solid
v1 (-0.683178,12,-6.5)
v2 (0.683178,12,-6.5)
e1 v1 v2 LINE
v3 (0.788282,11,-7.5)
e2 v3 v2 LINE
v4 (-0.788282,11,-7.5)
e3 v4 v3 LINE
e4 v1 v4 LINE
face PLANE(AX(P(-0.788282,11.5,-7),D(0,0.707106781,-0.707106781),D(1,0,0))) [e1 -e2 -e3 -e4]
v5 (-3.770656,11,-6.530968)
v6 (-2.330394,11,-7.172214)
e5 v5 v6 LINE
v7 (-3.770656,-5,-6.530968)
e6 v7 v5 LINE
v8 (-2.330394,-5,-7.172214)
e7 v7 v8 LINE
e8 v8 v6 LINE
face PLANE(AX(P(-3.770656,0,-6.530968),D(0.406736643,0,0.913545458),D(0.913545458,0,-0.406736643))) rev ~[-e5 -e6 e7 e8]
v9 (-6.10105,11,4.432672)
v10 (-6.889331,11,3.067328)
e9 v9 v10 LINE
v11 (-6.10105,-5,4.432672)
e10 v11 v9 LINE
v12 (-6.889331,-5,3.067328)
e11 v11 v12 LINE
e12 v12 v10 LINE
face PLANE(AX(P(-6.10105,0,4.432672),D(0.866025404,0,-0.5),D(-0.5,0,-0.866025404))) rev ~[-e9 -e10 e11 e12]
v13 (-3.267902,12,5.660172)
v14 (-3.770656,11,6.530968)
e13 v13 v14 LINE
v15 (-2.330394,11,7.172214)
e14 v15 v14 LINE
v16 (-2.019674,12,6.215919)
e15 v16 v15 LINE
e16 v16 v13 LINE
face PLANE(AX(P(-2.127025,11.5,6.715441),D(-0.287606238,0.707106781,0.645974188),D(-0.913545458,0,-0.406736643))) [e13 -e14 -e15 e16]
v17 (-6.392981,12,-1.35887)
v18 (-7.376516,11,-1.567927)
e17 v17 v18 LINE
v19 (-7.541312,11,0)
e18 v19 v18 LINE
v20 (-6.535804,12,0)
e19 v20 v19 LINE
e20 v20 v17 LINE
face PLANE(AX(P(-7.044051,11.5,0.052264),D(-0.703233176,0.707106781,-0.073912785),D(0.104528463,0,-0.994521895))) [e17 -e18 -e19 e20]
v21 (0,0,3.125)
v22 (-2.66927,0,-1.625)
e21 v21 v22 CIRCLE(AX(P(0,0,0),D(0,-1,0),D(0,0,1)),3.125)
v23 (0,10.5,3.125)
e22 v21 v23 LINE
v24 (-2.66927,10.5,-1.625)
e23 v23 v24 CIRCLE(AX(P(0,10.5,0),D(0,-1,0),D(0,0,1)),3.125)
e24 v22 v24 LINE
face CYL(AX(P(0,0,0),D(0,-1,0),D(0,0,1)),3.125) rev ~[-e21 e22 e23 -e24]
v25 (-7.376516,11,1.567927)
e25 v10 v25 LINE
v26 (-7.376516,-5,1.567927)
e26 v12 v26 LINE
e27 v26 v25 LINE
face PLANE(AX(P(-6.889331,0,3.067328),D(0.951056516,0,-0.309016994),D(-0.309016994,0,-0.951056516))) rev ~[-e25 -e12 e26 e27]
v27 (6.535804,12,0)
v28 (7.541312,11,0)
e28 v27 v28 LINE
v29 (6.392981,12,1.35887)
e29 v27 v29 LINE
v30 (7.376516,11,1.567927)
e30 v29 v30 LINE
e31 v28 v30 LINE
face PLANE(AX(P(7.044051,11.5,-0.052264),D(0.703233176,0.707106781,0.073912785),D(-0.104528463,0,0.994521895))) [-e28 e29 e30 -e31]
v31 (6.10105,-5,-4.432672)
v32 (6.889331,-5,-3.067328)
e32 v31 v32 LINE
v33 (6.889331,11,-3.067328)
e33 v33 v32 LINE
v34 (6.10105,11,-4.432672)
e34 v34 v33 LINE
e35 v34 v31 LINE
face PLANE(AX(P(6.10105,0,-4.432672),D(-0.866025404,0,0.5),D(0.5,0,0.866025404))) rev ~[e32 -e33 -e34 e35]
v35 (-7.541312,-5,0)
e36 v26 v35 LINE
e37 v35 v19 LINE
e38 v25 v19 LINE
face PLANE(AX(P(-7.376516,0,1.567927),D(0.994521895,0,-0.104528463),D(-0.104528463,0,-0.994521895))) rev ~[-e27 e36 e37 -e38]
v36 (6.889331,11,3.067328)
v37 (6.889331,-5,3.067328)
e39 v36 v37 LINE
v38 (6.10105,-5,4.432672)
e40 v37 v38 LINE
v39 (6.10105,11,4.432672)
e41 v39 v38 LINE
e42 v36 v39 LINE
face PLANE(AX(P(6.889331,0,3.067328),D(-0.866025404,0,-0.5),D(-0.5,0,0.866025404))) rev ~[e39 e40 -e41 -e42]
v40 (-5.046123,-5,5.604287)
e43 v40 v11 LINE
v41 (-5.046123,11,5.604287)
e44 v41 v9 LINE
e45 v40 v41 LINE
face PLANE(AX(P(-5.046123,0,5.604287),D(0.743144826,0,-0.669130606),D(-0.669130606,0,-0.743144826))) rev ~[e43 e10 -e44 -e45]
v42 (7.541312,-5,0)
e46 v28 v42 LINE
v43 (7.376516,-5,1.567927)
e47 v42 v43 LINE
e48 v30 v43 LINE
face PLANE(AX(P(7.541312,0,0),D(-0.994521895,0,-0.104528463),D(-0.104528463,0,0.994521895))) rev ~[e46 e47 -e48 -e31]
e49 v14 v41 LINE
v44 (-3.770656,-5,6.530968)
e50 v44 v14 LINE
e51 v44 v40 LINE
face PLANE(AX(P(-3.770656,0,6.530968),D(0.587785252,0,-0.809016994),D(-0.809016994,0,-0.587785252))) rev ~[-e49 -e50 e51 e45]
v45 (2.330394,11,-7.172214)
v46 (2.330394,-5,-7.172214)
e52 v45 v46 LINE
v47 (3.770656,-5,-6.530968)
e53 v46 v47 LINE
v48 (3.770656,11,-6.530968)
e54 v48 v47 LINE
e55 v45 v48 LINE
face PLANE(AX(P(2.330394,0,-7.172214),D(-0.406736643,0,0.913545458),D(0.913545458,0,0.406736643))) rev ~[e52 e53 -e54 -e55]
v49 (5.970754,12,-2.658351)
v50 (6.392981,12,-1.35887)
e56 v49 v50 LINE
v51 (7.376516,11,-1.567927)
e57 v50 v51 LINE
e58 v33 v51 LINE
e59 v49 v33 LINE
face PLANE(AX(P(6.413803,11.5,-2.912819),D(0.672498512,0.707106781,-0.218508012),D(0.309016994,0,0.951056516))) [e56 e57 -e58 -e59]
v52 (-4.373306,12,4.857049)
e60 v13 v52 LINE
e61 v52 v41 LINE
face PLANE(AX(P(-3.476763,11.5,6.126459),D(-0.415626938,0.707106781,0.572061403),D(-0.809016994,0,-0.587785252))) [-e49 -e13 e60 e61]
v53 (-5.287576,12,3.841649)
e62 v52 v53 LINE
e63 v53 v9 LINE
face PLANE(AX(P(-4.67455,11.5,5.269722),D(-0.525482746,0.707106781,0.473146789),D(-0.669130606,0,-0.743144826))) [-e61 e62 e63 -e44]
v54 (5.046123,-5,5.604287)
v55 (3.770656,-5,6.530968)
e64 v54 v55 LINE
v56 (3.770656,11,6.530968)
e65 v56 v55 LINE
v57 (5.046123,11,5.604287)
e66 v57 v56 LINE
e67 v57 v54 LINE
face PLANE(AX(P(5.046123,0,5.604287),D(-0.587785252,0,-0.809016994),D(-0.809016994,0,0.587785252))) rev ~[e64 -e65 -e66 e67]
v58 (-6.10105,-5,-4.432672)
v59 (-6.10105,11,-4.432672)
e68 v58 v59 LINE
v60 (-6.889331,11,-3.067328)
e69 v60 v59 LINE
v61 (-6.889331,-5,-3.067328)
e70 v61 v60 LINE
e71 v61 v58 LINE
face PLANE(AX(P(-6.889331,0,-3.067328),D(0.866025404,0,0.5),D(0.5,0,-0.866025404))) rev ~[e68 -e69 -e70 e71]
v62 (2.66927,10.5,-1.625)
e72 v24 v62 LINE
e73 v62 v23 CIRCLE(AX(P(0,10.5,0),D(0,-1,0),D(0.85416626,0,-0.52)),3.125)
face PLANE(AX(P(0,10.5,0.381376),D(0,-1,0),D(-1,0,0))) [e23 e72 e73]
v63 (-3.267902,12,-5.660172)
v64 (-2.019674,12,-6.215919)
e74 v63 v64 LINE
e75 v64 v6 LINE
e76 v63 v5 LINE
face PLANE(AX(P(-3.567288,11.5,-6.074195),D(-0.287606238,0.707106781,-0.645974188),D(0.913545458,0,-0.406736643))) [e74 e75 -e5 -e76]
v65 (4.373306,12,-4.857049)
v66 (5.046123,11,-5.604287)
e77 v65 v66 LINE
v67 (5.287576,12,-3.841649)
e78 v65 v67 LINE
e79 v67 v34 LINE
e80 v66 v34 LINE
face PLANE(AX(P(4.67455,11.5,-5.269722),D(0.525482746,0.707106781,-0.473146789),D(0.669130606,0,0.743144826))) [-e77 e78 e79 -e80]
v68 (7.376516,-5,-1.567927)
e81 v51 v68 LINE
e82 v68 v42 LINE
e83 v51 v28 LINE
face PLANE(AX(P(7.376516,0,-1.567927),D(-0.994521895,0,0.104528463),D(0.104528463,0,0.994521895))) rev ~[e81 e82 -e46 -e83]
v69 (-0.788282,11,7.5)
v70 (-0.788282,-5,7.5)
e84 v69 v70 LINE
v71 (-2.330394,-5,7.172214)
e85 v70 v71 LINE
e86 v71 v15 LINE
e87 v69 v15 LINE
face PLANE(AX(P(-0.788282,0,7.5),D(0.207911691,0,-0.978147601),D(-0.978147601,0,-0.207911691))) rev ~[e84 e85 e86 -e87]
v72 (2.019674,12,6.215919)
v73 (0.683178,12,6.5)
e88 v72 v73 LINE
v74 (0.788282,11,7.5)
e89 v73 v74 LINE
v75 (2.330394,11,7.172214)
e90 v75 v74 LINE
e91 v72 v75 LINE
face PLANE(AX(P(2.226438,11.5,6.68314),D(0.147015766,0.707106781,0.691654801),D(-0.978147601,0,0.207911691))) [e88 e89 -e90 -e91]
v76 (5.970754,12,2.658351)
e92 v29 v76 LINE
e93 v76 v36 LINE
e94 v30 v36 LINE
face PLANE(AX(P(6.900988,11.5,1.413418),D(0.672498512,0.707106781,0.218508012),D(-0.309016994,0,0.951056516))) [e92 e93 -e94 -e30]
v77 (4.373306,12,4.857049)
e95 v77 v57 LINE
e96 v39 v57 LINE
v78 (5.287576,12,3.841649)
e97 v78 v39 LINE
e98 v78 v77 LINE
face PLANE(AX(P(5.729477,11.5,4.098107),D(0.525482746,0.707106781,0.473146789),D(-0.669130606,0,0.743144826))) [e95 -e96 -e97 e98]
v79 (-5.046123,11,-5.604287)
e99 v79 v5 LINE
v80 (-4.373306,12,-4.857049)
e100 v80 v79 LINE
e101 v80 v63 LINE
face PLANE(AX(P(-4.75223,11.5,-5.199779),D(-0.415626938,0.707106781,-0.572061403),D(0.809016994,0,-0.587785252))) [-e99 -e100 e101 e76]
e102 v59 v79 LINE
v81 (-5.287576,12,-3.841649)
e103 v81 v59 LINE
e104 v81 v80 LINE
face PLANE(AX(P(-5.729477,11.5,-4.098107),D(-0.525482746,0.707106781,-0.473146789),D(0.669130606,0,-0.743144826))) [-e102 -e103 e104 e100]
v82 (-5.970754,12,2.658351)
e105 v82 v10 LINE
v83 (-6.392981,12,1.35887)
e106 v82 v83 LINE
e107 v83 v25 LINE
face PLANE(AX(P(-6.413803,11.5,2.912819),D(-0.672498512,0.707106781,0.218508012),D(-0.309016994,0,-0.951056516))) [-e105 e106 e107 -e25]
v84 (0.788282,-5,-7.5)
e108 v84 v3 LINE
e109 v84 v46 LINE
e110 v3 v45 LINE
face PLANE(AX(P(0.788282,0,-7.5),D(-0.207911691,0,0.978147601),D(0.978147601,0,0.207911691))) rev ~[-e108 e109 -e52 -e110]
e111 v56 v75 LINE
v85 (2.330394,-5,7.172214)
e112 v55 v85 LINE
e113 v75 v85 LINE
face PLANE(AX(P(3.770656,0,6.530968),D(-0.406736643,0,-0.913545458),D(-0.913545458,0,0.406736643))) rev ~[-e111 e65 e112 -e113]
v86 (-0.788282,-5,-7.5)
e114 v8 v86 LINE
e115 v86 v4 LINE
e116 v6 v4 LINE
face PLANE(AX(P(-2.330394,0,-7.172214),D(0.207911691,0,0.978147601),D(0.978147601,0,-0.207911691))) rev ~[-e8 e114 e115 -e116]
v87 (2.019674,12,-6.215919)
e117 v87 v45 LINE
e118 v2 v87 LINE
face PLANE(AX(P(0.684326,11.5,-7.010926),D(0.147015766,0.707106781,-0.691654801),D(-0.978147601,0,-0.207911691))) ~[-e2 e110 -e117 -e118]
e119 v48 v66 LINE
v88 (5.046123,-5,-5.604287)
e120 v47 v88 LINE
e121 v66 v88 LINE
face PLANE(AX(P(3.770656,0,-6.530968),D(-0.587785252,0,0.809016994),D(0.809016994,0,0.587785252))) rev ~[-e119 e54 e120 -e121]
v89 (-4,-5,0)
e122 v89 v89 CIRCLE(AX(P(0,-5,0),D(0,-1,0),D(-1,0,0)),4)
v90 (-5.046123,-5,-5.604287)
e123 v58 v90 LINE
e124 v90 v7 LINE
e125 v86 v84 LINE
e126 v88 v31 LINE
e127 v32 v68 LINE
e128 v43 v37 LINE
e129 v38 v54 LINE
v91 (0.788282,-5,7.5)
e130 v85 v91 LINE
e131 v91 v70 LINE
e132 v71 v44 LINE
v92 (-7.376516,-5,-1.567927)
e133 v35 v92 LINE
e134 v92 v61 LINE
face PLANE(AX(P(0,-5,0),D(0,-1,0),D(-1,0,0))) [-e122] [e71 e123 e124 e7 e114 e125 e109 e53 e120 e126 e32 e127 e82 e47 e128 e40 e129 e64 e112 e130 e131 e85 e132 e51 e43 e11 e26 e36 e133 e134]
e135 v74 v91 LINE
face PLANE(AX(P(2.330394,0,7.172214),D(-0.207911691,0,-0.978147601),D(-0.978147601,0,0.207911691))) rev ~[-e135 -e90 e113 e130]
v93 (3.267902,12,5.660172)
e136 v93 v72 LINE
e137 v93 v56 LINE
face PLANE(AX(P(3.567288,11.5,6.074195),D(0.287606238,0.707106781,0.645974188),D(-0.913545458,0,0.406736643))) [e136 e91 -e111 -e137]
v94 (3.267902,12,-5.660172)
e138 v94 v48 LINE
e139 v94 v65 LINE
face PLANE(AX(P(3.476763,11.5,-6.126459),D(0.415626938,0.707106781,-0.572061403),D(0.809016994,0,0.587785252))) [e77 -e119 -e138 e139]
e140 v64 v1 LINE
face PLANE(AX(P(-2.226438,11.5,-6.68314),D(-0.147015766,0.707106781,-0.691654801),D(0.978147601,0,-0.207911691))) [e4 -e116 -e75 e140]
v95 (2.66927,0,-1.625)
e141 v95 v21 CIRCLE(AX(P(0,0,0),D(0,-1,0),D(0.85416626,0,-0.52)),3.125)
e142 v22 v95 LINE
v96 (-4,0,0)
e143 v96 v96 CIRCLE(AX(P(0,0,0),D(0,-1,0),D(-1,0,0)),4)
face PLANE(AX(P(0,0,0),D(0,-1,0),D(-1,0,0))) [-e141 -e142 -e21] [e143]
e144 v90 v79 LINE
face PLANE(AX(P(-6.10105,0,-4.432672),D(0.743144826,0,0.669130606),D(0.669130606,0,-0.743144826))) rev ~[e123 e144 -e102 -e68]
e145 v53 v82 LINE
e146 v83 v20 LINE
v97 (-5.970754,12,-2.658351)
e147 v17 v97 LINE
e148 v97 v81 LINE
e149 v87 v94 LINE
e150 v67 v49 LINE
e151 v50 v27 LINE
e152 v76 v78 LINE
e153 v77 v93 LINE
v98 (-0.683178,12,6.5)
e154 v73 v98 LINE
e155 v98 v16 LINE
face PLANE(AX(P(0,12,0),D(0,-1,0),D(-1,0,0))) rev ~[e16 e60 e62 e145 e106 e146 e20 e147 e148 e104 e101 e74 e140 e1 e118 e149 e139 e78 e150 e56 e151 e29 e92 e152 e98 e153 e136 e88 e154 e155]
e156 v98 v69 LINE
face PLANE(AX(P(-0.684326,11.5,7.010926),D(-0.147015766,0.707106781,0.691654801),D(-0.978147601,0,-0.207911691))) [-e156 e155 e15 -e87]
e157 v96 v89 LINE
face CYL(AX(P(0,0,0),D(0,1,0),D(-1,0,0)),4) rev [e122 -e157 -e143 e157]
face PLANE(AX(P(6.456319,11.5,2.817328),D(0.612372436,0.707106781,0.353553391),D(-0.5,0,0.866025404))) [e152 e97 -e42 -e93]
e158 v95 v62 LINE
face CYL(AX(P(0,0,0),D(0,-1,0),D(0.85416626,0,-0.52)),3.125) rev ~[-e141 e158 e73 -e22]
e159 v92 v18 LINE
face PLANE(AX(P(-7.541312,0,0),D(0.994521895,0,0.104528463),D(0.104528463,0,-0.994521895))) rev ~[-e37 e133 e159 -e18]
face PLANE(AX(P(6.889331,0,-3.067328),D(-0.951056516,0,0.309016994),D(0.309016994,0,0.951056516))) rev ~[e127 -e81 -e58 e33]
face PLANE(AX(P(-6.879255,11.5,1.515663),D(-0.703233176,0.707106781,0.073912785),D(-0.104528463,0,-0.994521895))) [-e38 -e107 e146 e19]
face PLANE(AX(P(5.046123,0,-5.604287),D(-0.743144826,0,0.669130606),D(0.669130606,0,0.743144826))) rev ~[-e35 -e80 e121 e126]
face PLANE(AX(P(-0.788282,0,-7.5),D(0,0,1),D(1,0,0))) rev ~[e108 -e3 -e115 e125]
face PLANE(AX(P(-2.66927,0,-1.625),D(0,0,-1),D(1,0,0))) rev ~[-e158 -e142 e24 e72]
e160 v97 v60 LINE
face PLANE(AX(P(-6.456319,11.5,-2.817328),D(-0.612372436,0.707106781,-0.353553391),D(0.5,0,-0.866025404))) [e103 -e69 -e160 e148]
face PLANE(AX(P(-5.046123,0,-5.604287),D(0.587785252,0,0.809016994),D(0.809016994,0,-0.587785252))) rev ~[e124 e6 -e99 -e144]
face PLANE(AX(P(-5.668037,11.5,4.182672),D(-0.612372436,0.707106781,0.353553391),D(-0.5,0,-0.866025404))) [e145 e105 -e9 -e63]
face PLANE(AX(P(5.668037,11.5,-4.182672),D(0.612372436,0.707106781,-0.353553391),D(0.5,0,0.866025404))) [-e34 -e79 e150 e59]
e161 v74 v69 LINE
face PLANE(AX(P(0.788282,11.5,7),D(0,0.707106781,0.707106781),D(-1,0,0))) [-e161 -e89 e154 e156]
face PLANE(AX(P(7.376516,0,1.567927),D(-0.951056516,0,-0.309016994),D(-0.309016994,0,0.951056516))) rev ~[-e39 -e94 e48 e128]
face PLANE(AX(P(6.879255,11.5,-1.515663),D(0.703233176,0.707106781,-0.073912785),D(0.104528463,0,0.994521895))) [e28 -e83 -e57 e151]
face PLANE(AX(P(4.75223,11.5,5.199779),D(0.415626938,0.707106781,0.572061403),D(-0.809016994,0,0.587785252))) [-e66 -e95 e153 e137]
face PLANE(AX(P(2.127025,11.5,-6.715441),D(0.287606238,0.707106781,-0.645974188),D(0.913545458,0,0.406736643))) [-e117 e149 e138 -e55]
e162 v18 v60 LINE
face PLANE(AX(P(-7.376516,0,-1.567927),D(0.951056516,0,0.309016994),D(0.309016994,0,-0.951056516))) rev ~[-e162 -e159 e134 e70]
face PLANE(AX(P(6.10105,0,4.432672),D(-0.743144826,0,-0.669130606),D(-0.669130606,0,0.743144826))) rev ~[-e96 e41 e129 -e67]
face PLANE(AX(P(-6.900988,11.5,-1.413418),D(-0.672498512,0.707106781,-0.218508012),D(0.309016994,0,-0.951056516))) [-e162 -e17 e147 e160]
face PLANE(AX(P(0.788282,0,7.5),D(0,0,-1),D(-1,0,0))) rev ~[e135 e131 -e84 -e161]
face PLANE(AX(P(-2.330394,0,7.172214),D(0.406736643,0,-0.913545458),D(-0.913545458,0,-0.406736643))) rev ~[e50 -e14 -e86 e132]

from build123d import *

# Parameters (mm, degrees)
BOSS_EXTRUDE1_DEPTH = 12
CUT_EXTRUDE2_DEPTH  = 10.5
BOSS_EXTRUDE2_DEPTH = 5
CHAMFER1_SIZE       = 1


with BuildPart() as part:
    # Sketch1 → Boss-Extrude1 (new body)
    with BuildSketch(Plane(origin=(0, 0, 0), x_dir=(1, 0, 0), z_dir=(0, 1, 0))):
        Polygon((-0.788281764, 7.5), (0.788281764, 7.5), (2.330393598, 7.172214011), (3.770656048, 6.530967854), (5.046122736, 5.604287062), (6.101049646, 4.432672033), (6.889331411, 3.067327967), (7.376516334, 1.567926949), (7.541312097, 0), (7.376516334, -1.567926949), (6.889331411, -3.067327967), (6.101049646, -4.432672033), (5.046122736, -5.604287062), (3.770656048, -6.530967854), (2.330393598, -7.172214011), (0.788281764, -7.5), (-0.788281764, -7.5), (-2.330393598, -7.172214011), (-3.770656048, -6.530967854), (-5.046122736, -5.604287062), (-6.101049646, -4.432672033), (-6.889331411, -3.067327967), (-7.376516334, -1.567926949), (-7.541312097, 0), (-7.376516334, 1.567926949), (-6.889331411, 3.067327967), (-6.101049646, 4.432672033), (-5.046122736, 5.604287062), (-3.770656048, 6.530967854), (-2.330393598, 7.172214011), align=None)
    extrude(amount=BOSS_EXTRUDE1_DEPTH)

    # Sketch3 → Cut-Extrude2 (cut)
    with BuildSketch(Plane(origin=(0, 0, 0), x_dir=(-1, 0, 0), z_dir=(0, -1, 0))):
        with BuildLine():
            Line((2.669269563, 1.625), (-2.669269563, 1.625))
            ThreePointArc((-2.669269563, 1.625), (-2.72431184, -1.530931089), (0, -3.125))
            ThreePointArc((0, -3.125), (2.72431184, -1.530931089), (2.669269563, 1.625))
        make_face()
    extrude(amount=-CUT_EXTRUDE2_DEPTH, mode=Mode.SUBTRACT)

    # Sketch4 → Boss-Extrude2 (add)
    with BuildSketch(Plane(origin=(0, 0, 0), x_dir=(-1, 0, 0), z_dir=(0, -1, 0))):
        Polygon((-0.788281764, 7.5), (-2.330393598, 7.172214011), (-3.770656048, 6.530967854), (-5.046122736, 5.604287062), (-6.101049646, 4.432672033), (-6.889331411, 3.067327967), (-7.376516334, 1.567926949), (-7.541312097, 0), (-7.376516334, -1.567926949), (-6.889331411, -3.067327967), (-6.101049646, -4.432672033), (-5.046122736, -5.604287062), (-3.770656048, -6.530967854), (-2.330393598, -7.172214011), (-0.788281764, -7.5), (0.788281764, -7.5), (2.330393598, -7.172214011), (3.770656048, -6.530967854), (5.046122736, -5.604287062), (6.101049646, -4.432672033), (6.889331411, -3.067327967), (7.376516334, -1.567926949), (7.541312097, 0), (7.376516334, 1.567926949), (6.889331411, 3.067327967), (6.101049646, 4.432672033), (5.046122736, 5.604287062), (3.770656048, 6.530967854), (2.330393598, 7.172214011), (0.788281764, 7.5), align=None)
        with BuildLine():
            ThreePointArc((-4, 0), (0, -4), (4, 0))
            ThreePointArc((4, 0), (0, 4), (-4, 0))
        make_face(mode=Mode.SUBTRACT)
    extrude(amount=BOSS_EXTRUDE2_DEPTH)

    # Chamfer1
    chamfer1_edges = [part.edges().sort_by_distance(p)[0] for p in [
        (7.458914215, 12, -0.783963475),
        (7.132923872, 12, -2.317627458),
        (6.495190528, 12, -3.75),
        (5.573586191, 12, -5.018479548),
        (4.408389392, 12, -6.067627458),
        (3.050524823, 12, -6.851590932),
        (-1.559337681, 12, -7.336107006),
        (-3.050524823, 12, -6.851590932),
        (-4.408389392, 12, -6.067627458),
        (-5.573586191, 12, -5.018479548),
        (-6.495190528, 12, -3.75),
        (-7.132923872, 12, -2.317627458),
        (-7.458914215, 12, -0.783963475),
        (-7.458914215, 12, 0.783963475),
        (-7.132923872, 12, 2.317627458),
        (-6.495190528, 12, 3.75),
        (1.559337681, 12, -7.336107006),
        (-5.573586191, 12, 5.018479548),
        (-4.408389392, 12, 6.067627458),
        (-3.050524823, 12, 6.851590932),
        (-1.559337681, 12, 7.336107006),
        (0, 12, 7.5),
        (1.559337681, 12, 7.336107006),
        (3.050524823, 12, 6.851590932),
        (4.408389392, 12, 6.067627458),
        (5.573586191, 12, 5.018479548),
        (6.495190528, 12, 3.75),
        (0, 12, -7.5),
        (7.132923872, 12, 2.317627458),
        (7.458914215, 12, 0.783963475),
    ]]
    chamfer(chamfer1_edges, length=CHAMFER1_SIZE)


solid = part.part
